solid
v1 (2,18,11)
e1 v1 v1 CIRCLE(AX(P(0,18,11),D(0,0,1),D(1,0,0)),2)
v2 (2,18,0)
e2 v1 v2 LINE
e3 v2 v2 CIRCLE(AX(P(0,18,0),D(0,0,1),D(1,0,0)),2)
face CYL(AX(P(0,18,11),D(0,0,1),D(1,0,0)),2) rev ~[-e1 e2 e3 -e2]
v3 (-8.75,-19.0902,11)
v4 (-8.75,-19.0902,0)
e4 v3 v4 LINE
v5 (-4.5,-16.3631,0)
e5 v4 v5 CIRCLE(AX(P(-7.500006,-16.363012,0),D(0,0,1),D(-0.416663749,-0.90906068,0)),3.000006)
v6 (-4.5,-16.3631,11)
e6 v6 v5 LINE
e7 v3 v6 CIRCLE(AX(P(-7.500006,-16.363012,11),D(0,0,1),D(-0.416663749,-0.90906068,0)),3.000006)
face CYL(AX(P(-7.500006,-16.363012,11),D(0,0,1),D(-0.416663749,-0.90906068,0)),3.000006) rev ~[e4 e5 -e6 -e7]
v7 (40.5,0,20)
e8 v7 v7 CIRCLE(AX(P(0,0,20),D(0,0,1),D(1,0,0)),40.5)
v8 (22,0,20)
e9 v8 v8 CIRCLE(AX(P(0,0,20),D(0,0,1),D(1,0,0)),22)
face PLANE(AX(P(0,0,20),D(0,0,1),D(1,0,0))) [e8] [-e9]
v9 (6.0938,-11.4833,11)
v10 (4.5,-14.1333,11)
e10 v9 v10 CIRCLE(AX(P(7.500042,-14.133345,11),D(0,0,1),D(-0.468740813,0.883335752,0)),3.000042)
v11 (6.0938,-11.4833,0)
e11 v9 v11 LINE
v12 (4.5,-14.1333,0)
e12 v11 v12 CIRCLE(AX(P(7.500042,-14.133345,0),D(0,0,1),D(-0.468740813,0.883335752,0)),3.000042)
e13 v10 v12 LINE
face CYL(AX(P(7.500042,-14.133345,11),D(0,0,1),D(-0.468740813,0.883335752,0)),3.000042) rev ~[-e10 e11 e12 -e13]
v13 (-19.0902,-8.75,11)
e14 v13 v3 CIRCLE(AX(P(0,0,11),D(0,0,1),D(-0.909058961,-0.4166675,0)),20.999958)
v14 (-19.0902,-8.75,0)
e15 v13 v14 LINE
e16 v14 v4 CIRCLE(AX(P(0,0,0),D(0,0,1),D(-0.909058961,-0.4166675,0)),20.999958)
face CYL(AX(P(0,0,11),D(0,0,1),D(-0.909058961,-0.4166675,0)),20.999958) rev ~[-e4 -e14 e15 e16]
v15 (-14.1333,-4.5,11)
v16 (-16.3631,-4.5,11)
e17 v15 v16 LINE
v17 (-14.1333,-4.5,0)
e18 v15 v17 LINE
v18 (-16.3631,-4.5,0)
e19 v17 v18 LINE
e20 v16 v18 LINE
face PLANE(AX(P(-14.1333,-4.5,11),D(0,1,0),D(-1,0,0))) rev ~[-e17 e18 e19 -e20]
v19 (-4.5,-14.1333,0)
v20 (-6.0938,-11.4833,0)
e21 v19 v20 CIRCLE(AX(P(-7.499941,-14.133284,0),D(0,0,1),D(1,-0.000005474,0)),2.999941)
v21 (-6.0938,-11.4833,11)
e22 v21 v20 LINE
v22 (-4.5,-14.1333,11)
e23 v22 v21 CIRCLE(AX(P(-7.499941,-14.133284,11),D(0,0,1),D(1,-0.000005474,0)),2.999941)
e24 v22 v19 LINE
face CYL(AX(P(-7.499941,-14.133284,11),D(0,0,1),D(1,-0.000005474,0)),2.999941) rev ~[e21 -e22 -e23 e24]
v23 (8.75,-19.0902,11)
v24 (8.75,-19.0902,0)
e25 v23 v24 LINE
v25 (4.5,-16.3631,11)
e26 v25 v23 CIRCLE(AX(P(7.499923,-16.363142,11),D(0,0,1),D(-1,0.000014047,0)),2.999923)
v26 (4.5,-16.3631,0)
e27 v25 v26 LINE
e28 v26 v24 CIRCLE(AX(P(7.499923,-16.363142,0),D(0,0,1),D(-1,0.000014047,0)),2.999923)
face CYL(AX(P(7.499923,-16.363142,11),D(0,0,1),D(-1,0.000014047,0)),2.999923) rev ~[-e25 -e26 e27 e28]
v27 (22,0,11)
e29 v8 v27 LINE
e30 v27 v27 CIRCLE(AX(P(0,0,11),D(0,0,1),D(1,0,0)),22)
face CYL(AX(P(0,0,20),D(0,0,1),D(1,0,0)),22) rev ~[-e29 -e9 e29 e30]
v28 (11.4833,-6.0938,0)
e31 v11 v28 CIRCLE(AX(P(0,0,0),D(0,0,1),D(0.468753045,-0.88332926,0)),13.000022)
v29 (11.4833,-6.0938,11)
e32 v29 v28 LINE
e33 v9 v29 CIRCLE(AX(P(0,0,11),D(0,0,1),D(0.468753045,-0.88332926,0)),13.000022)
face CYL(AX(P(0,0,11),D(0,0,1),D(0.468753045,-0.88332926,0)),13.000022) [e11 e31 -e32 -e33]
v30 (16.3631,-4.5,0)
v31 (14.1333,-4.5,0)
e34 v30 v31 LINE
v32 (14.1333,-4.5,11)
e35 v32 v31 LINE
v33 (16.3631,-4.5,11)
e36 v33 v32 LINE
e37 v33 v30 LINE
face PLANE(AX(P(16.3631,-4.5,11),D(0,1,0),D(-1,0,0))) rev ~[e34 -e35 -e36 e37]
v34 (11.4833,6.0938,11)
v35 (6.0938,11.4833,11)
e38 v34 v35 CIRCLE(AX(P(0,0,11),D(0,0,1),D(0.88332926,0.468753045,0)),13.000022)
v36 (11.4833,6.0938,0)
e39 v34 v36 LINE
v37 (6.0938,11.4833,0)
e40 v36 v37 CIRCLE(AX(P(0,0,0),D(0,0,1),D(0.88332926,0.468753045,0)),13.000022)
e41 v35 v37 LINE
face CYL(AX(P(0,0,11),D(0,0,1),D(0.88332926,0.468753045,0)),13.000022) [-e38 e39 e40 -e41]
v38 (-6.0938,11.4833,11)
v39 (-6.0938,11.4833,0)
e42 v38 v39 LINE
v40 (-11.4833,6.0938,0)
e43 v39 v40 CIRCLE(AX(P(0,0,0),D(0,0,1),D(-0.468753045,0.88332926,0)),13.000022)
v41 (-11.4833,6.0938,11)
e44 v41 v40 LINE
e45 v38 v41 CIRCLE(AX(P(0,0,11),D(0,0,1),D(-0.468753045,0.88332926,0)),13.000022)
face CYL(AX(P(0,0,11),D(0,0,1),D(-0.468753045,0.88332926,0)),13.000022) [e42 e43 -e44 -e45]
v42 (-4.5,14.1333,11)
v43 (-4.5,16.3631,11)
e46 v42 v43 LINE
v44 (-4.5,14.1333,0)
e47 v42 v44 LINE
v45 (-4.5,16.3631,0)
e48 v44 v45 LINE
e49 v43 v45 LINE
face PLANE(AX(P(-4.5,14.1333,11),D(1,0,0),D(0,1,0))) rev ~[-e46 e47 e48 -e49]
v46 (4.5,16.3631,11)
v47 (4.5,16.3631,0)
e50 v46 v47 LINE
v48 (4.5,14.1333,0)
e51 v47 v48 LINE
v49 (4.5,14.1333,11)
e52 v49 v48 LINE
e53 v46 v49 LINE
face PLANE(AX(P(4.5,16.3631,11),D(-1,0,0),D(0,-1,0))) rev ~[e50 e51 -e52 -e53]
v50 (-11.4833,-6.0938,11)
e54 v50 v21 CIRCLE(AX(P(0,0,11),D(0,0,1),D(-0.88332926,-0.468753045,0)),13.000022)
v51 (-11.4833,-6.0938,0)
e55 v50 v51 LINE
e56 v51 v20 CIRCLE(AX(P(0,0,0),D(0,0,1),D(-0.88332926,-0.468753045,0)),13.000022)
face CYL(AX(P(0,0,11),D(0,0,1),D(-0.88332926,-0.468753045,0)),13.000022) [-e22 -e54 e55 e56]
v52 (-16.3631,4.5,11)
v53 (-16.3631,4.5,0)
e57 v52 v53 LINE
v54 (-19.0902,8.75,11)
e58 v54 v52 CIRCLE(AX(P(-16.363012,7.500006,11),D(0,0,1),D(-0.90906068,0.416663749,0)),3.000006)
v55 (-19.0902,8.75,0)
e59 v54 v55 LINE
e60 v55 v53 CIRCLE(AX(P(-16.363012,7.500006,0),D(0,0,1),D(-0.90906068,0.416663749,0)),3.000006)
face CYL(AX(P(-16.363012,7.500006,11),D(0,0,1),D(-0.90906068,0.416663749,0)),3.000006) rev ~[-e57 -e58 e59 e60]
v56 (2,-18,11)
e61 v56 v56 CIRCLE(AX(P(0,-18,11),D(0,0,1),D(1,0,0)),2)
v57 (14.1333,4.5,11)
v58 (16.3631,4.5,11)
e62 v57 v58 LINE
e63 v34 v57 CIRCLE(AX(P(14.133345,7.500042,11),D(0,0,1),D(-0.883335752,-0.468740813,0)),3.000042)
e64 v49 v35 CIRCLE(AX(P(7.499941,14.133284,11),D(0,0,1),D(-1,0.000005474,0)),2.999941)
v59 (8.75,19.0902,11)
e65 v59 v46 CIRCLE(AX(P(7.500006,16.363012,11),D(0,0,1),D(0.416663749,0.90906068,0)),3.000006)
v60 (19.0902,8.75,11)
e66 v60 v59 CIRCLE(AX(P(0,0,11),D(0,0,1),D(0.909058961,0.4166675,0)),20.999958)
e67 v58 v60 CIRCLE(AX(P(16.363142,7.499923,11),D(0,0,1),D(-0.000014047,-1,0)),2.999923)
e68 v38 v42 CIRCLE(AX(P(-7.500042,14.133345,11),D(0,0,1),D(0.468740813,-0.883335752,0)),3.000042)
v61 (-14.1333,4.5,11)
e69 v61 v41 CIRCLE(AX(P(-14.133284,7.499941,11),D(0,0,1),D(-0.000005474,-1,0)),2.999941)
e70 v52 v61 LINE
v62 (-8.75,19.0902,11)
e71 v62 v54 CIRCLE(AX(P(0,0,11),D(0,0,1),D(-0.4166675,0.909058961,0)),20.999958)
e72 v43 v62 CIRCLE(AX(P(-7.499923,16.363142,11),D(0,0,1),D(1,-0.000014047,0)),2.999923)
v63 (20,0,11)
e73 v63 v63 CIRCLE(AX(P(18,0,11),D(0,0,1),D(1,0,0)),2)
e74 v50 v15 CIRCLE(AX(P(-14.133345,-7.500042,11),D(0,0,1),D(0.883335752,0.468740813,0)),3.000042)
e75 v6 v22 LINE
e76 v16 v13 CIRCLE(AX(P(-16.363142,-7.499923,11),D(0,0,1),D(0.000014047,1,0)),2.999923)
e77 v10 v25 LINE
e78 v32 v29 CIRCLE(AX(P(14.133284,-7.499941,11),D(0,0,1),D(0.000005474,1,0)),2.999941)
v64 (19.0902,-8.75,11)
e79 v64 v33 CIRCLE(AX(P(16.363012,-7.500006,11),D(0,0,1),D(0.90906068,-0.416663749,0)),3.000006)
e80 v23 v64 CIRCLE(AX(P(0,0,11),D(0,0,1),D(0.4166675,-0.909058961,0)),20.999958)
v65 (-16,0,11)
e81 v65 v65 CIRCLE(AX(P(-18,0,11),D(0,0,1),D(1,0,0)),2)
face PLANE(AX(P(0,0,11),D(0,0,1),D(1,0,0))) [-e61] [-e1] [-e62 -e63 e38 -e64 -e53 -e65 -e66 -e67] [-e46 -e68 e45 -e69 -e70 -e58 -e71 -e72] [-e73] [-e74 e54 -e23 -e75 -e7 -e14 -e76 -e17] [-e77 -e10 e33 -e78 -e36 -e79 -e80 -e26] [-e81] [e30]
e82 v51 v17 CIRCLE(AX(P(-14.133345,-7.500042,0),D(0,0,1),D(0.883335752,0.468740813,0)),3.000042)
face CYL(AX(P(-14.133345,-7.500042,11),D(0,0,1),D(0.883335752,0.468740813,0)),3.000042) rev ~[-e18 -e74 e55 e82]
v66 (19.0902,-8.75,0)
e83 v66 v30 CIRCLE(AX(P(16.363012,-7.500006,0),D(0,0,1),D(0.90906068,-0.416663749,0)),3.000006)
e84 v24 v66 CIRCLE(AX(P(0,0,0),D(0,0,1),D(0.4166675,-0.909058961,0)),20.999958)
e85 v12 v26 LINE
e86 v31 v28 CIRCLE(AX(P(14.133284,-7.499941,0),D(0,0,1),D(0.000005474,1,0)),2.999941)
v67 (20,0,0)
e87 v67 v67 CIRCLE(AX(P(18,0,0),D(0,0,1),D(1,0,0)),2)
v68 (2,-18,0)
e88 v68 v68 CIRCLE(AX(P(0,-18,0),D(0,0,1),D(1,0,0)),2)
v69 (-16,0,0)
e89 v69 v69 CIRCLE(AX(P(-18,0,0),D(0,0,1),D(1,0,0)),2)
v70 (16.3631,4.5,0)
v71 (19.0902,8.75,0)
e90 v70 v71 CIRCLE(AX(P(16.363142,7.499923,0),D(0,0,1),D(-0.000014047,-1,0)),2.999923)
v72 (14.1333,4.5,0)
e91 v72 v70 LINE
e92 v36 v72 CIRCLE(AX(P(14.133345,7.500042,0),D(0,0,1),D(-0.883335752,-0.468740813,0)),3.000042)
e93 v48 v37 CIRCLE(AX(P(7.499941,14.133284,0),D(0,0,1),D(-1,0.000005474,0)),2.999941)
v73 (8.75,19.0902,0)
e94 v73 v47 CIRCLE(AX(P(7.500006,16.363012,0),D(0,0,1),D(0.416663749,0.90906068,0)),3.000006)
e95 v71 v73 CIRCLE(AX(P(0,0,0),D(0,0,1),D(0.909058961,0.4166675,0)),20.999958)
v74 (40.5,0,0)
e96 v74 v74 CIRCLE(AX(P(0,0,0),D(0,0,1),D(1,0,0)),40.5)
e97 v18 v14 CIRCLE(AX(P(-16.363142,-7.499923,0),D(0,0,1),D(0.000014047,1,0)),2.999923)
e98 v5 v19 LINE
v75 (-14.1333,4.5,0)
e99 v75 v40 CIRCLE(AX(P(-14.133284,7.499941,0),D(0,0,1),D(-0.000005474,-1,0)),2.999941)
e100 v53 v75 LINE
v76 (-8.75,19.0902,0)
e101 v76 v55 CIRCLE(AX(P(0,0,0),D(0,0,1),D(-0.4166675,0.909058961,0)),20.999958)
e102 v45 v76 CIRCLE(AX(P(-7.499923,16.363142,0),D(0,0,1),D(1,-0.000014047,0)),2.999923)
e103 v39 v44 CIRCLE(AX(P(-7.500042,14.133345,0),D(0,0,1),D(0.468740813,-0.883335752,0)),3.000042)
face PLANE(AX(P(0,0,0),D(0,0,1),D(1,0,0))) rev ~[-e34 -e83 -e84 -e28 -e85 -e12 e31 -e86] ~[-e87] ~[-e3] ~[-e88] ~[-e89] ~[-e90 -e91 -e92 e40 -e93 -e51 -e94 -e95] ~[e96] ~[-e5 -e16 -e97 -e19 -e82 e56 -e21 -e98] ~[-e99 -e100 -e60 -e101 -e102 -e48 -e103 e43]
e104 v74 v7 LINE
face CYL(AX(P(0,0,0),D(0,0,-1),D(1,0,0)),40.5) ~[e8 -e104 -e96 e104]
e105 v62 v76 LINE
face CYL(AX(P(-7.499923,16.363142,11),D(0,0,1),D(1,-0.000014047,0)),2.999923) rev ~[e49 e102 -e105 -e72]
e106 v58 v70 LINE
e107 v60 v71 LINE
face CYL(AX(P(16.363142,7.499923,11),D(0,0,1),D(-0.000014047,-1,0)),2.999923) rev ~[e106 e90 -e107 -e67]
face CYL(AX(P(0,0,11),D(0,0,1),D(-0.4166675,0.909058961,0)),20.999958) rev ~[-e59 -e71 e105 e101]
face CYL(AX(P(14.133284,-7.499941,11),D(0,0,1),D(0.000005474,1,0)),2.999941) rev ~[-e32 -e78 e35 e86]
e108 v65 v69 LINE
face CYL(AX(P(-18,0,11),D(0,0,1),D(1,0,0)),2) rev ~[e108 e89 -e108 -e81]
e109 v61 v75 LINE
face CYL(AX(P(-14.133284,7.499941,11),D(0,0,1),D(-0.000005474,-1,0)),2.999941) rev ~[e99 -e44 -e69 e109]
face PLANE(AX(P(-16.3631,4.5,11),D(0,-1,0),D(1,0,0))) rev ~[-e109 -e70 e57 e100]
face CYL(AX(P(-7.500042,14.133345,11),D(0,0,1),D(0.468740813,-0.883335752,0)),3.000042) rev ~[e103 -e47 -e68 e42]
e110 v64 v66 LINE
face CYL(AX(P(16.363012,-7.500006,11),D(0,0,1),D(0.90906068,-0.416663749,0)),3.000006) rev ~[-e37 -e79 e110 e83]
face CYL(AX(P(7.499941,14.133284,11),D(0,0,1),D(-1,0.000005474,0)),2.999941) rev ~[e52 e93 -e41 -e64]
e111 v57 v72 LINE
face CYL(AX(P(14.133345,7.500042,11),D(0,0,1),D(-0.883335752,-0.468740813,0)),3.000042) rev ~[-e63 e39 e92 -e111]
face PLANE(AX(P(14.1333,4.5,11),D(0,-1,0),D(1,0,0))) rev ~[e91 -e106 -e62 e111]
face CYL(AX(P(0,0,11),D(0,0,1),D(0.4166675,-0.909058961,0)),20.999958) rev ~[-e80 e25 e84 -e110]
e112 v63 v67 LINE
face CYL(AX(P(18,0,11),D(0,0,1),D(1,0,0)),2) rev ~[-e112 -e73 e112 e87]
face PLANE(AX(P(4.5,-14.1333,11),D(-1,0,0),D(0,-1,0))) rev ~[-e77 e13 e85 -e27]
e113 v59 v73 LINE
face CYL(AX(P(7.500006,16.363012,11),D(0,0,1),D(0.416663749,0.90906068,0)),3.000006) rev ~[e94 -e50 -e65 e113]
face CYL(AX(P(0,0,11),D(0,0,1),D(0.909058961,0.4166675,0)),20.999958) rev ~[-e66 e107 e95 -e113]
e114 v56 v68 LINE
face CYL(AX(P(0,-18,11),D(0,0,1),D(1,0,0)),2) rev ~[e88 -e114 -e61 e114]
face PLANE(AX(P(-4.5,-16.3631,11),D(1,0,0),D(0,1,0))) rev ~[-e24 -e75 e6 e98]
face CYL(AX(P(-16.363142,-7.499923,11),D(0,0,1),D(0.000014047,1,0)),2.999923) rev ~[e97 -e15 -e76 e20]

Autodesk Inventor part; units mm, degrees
sketch "Sketch1" plane through (0, 0, 0) normal (0, 0, 1) x (1, 0, 0)
  circle A0 centre (0, 0) radius 40.5
  dimension "d0" = 81
extrude "Extrusion1" add sketch "Sketch1" along normal blind 20
sketch "Sketch2" plane through (0, 0, 20) normal (0, 0, 1) x (1, 0, 0)
  circle A0 centre (0, 0) radius 22
  dimension "d3" = 44
extrude "Extrusion2" cut sketch "Sketch2" against normal blind 9
sketch "Sketch3" plane through (0, 0, 11) normal (0, 0, 1) x (1, 0, 0)
  circle A0 centre (0, 18) radius 2
  circle A1 centre (-18, 0) radius 2
  circle A2 centre (0, -18) radius 2
  circle A3 centre (18, 0) radius 2
  point P0 (0, 0)
  dimension "d6" = 4
  dimension "d7" = 18
  dimension "d10" = 360
extrude "Extrusion3" cut sketch "Sketch3" against normal blind 12.75
sketch "Sketch4" plane through (0, 0, 11) normal (0, 0, 1) x (1, 0, 0)
  arc A0 (-4.5165, 17.448) -> (-8.8542, 19.2414) centre (-7.5165, 16.3345) ccw
  arc A1 (-8.8542, 19.2414) -> (-19.0977, 9.16) centre (0, 0) ccw
  arc A2 (-14.1333, 4.5) -> (-11.4833, 6.0938) centre (-14.1333, 7.5) ccw
  line L0 (-4.5, 14.1333) -> (-4.5, 16.3631)
  arc A3 (-4.5, 16.3631) -> (-8.75, 19.0902) centre (-7.5, 16.3631) ccw
  arc A4 (-6.0938, 11.4833) -> (-4.5, 14.1333) centre (-7.5, 14.1333) ccw
  arc A5 (-6.0938, 11.4833) -> (-11.4833, 6.0938) centre (0, 0) ccw
  arc A6 (-8.8542, 19.2414) -> (-19.2547, 8.8254) centre (0, 0) ccw
  arc A7 (-8.75, 19.0902) -> (-19.0902, 8.75) centre (0, 0) ccw
  arc A8 (-19.0902, 8.75) -> (-16.3631, 4.5) centre (-16.3631, 7.5) ccw
  line L1 (-16.3631, 4.5) -> (-14.1333, 4.5)
  arc A9 (-11.4833, -6.0938) -> (-14.1333, -4.5) centre (-14.1333, -7.5) ccw
  arc A10 (-4.5, -14.1333) -> (-6.0938, -11.4833) centre (-7.5, -14.1333) ccw
  arc A11 (-11.4833, -6.0938) -> (-6.0938, -11.4833) centre (0, 0) ccw
  line L2 (-14.1333, -4.5) -> (-16.3631, -4.5)
  line L3 (-4.5, -16.3631) -> (-4.5, -14.1333)
  arc A12 (-16.3631, -4.5) -> (-19.0902, -8.75) centre (-16.3631, -7.5) ccw
  arc A13 (-17.448, -4.5165) -> (-19.2414, -8.8542) centre (-16.3345, -7.5165) ccw
  arc A14 (-8.75, -19.0902) -> (-4.5, -16.3631) centre (-7.5, -16.3631) ccw
  arc A15 (-19.0902, -8.75) -> (-8.75, -19.0902) centre (0, 0) ccw
  arc A16 (-19.2414, -8.8542) -> (-9.16, -19.0977) centre (0, 0) ccw
  arc A17 (-19.2414, -8.8542) -> (-8.8254, -19.2547) centre (0, 0) ccw
  arc A18 (6.0938, -11.4833) -> (4.5, -14.1333) centre (7.5, -14.1333) ccw
  arc A19 (14.1333, -4.5) -> (11.4833, -6.0938) centre (14.1333, -7.5) ccw
  arc A20 (6.0938, -11.4833) -> (11.4833, -6.0938) centre (0, 0) ccw
  line L4 (4.5, -14.1333) -> (4.5, -16.3631)
  line L5 (16.3631, -4.5) -> (14.1333, -4.5)
  arc A21 (4.5, -16.3631) -> (8.75, -19.0902) centre (7.5, -16.3631) ccw
  arc A22 (4.5165, -17.448) -> (8.8542, -19.2414) centre (7.5165, -16.3345) ccw
  arc A23 (19.0902, -8.75) -> (16.3631, -4.5) centre (16.3631, -7.5) ccw
  arc A24 (8.75, -19.0902) -> (19.0902, -8.75) centre (0, 0) ccw
  arc A25 (8.8542, -19.2414) -> (19.0977, -9.16) centre (0, 0) ccw
  arc A26 (8.8542, -19.2414) -> (19.2547, -8.8254) centre (0, 0) ccw
  arc A27 (11.4833, 6.0938) -> (14.1333, 4.5) centre (14.1333, 7.5) ccw
  arc A28 (4.5, 14.1333) -> (6.0938, 11.4833) centre (7.5, 14.1333) ccw
  arc A29 (11.4833, 6.0938) -> (6.0938, 11.4833) centre (0, 0) ccw
  line L6 (14.1333, 4.5) -> (16.3631, 4.5)
  line L7 (4.5, 16.3631) -> (4.5, 14.1333)
  arc A30 (16.3631, 4.5) -> (19.0902, 8.75) centre (16.3631, 7.5) ccw
  arc A31 (17.448, 4.5165) -> (19.2414, 8.8542) centre (16.3345, 7.5165) ccw
  arc A32 (8.75, 19.0902) -> (4.5, 16.3631) centre (7.5, 16.3631) ccw
  arc A33 (19.0902, 8.75) -> (8.75, 19.0902) centre (0, 0) ccw
  arc A34 (19.2414, 8.8542) -> (9.16, 19.0977) centre (0, 0) ccw
  arc A35 (19.2414, 8.8542) -> (8.8254, 19.2547) centre (0, 0) ccw
  point P0 (41.0732, 32.7294)
  point P1 (-17.4931, 4.4714)
  point P2 (-16.3796, 7.4714)
  point P3 (-7.4714, -16.3796)
  point P4 (-4.4714, -17.4931)
  point P5 (16.3796, -7.4714)
  point P6 (17.4931, -4.4714)
  point P7 (7.4714, 16.3796)
  point P8 (4.4714, 17.4931)
  dimension "d16" = 360
extrude "Extrusion4" cut sketch "Sketch4" against normal blind 12.75
ref_plane "Work Plane1" through (40.7, 0, 0) normal (1, 0, 0) x (0, 1, 0)
properties part number "MotorHousing" material "Plastic, Opaque White"
